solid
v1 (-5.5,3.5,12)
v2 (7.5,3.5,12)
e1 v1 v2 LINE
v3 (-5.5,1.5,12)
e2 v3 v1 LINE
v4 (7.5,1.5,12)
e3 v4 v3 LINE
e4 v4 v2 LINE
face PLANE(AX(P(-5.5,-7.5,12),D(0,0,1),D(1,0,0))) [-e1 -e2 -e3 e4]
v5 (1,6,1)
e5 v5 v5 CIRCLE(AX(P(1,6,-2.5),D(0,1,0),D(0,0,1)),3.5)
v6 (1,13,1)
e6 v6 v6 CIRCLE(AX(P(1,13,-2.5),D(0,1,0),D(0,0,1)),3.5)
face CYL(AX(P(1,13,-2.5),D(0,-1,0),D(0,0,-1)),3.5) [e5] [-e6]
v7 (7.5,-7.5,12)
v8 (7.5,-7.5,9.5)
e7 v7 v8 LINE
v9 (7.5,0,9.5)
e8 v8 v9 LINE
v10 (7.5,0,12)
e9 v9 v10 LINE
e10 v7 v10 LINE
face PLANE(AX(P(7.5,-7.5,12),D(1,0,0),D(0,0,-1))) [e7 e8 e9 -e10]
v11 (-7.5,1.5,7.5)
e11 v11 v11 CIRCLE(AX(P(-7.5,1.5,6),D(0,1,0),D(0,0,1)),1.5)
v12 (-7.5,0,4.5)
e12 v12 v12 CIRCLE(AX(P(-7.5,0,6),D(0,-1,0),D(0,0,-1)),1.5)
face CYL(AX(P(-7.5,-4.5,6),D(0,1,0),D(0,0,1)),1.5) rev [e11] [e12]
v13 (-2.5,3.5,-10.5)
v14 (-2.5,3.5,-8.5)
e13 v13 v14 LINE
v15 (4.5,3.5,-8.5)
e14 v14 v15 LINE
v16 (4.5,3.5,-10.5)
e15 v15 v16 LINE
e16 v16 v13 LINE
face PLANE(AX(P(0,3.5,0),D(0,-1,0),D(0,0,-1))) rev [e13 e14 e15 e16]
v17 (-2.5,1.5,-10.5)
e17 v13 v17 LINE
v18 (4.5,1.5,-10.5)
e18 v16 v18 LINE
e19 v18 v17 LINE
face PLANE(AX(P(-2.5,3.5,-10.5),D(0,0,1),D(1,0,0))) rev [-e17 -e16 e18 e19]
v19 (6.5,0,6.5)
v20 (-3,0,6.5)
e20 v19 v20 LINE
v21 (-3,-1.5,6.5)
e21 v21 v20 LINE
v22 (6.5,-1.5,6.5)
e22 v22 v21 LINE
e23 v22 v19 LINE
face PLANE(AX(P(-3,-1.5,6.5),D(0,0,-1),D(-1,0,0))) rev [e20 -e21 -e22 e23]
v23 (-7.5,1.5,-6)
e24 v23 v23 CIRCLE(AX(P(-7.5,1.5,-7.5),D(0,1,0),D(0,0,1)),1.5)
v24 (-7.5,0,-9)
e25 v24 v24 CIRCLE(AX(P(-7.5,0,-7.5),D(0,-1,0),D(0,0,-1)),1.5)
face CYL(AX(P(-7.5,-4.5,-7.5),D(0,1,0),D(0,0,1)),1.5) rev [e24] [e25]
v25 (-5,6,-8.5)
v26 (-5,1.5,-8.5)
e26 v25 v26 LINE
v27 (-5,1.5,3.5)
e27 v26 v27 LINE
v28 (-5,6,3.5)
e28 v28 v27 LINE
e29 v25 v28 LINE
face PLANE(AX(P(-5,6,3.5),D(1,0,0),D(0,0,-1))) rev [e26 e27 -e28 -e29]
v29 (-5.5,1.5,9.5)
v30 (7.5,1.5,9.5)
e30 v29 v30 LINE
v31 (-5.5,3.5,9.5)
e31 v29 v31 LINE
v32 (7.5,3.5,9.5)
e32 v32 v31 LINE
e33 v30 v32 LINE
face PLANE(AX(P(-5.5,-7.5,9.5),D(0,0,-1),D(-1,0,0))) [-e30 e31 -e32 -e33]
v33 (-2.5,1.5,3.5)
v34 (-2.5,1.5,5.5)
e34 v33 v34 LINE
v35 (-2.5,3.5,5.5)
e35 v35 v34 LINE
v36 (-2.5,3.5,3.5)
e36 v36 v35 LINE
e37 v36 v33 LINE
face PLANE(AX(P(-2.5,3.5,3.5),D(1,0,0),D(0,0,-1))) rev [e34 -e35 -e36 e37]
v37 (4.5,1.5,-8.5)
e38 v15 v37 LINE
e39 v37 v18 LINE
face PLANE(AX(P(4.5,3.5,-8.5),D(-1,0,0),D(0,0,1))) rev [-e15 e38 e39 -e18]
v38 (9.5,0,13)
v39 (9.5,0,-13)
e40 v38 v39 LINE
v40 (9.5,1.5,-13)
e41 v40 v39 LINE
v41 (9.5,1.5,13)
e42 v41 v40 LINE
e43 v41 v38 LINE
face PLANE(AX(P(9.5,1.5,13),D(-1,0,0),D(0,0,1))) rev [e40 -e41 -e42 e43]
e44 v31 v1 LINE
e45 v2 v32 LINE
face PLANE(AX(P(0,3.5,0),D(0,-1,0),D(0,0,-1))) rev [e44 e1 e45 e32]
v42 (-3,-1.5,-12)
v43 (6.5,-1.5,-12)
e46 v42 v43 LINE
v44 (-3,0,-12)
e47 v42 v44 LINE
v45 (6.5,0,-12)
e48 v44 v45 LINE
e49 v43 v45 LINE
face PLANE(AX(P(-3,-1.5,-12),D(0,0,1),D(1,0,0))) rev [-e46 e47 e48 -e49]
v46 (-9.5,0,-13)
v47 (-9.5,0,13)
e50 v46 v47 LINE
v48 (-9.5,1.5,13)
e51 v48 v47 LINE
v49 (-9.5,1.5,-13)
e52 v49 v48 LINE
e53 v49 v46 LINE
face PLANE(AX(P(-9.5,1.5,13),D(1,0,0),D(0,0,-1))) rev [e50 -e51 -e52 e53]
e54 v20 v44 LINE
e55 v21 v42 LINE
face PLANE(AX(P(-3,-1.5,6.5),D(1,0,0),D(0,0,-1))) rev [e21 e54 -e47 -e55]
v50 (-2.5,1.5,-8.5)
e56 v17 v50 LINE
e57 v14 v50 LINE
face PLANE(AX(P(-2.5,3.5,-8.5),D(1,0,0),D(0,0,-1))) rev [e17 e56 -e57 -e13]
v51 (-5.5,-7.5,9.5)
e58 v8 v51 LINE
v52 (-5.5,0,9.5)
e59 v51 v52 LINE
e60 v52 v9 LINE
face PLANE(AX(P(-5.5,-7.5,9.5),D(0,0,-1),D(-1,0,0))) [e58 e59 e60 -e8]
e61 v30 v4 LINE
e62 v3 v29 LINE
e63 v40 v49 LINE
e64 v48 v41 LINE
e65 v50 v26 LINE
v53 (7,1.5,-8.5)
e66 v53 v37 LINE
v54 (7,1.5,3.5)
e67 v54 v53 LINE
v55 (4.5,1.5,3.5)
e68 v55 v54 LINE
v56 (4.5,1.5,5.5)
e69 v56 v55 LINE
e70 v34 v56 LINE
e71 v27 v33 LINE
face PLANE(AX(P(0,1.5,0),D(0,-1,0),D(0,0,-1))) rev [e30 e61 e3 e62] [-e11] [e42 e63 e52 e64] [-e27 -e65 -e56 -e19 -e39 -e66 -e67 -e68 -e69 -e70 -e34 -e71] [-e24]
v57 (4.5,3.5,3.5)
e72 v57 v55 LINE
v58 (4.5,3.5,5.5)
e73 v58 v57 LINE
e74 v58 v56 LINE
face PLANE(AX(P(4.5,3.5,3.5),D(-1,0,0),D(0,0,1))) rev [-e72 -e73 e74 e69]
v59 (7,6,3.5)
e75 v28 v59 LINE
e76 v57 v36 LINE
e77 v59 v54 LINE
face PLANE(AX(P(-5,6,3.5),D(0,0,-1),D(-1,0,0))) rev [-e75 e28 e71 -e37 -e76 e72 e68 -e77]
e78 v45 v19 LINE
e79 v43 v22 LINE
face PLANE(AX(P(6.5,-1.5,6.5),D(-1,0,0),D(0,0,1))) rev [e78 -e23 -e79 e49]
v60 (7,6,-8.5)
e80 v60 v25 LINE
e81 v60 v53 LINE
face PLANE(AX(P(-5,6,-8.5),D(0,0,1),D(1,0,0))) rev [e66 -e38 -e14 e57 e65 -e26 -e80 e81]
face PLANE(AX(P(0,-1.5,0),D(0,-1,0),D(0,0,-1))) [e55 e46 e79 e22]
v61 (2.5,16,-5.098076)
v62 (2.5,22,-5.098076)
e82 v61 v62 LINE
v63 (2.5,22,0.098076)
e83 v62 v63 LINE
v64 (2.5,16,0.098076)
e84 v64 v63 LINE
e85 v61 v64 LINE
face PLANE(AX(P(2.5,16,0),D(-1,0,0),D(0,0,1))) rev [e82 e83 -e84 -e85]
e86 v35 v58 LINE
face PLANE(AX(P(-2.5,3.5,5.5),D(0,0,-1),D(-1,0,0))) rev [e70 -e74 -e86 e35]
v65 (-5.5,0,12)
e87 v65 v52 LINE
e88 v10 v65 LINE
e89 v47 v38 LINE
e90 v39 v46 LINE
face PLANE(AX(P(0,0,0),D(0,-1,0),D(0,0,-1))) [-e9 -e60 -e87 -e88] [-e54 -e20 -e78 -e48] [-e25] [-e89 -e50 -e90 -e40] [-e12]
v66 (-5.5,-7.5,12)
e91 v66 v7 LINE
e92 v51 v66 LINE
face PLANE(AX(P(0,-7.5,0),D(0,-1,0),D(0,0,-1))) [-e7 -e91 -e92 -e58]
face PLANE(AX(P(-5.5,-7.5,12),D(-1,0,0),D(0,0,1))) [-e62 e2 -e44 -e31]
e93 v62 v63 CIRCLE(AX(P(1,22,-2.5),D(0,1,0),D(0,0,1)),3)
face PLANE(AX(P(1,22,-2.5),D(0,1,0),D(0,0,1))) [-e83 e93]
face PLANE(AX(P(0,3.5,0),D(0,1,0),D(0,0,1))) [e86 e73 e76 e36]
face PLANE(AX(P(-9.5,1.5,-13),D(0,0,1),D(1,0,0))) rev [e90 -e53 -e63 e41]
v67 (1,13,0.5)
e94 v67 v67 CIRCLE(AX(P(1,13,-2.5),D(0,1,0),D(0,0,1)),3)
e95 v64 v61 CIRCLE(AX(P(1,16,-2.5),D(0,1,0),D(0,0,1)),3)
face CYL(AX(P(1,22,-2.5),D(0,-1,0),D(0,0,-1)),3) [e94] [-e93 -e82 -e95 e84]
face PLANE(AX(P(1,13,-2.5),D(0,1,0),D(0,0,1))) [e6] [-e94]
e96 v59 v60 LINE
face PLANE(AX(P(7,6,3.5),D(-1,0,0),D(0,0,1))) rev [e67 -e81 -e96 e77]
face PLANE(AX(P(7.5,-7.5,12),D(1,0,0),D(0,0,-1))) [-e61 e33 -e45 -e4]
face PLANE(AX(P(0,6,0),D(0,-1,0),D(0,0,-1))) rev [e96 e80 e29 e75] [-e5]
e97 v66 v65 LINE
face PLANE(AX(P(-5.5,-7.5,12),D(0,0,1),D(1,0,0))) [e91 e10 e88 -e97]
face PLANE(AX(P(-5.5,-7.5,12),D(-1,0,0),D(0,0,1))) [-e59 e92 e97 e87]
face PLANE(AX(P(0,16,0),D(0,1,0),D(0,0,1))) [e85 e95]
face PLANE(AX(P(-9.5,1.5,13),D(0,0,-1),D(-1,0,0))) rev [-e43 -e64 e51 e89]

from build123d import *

# Parameters (mm, degrees)
SCHIZZO1_W                        = 19
SCHIZZO1_H                        = 26
ESTRUSIONE_ESTRUSIONE1_DEPTH      = 1.5
SCHIZZO2_W                        = 12
SCHIZZO2_H                        = 12
ESTRUSIONE_ESTRUSIONE2_DEPTH      = 4.5
SCHIZZO4_R                        = 3.5
ESTRUSIONE_ESTRUSIONE3_DEPTH      = 7
SCHIZZO5_R                        = 3
ESTRUSIONE_ESTRUSIONE4_DEPTH      = 9
TAGLIO_ESTRUSIONE1_DEPTH          = 6
SCHIZZO7_R                        = 1.5
TAGLIO_ESTRUSIONE2_DEPTH          = 6
ESTRUSIONE_ESTRUSIONE5_DEPTH      = 2
ESTRUSIONE_ESTRUSIONE5_DEPTH_BACK = 9
SCHIZZO8_W                        = 13
SCHIZZO8_H                        = 2.5
SCHIZZO9_W                        = 9.5
SCHIZZO9_H                        = 18.5
ESTRUSIONE_ESTRUSIONE6_DEPTH      = 1.5
SCHIZZO10_W                       = 7
SCHIZZO10_H                       = 2
ESTRUSIONE_ESTRUSIONE7_DEPTH      = 2


with BuildPart() as part:
    # Schizzo1 → Estrusione-Estrusione1 (new body)
    with BuildSketch(Plane(origin=(0, 0, 0), x_dir=(1, 0, 0), z_dir=(0, 1, 0))):
        Rectangle(SCHIZZO1_W, SCHIZZO1_H)
    extrude(amount=ESTRUSIONE_ESTRUSIONE1_DEPTH)

    # Schizzo2 → Estrusione-Estrusione2 (add)
    with BuildSketch(Plane(origin=(0, 1.5, 0), x_dir=(1, 0, 0), z_dir=(0, 1, 0))):
        with Locations((1, 2.5)):
            Rectangle(SCHIZZO2_W, SCHIZZO2_H)
    extrude(amount=ESTRUSIONE_ESTRUSIONE2_DEPTH)

    # Schizzo4 → Estrusione-Estrusione3 (add)
    with BuildSketch(Plane(origin=(0, 6, 0), x_dir=(1, 0, 0), z_dir=(0, 1, 0))):
        with Locations(Location((1, 2.5, 0), (0, 0, 270))):
            Circle(SCHIZZO4_R)
    extrude(amount=ESTRUSIONE_ESTRUSIONE3_DEPTH)

    # Schizzo5 → Estrusione-Estrusione4 (add)
    with BuildSketch(Plane(origin=(0, 13, 0), x_dir=(1, 0, 0), z_dir=(0, 1, 0))):
        with Locations(Location((1, 2.5, 0), (0, 0, 270))):
            Circle(SCHIZZO5_R)
    extrude(amount=ESTRUSIONE_ESTRUSIONE4_DEPTH)

    # Schizzo6 → Taglio-Estrusione1 (cut)
    with BuildSketch(Plane(origin=(0, 22, 0), x_dir=(1, 0, 0), z_dir=(0, 1, 0))):
        Polygon((2.5, 58.528036495), (2.5, 5.098076211), (2.5, -0.098076211), (2.5, -53.528036495), (109.359920567, -53.528036495), (109.359920567, 58.528036495), align=None)
    extrude(amount=-TAGLIO_ESTRUSIONE1_DEPTH, mode=Mode.SUBTRACT)

    # Schizzo7 → Taglio-Estrusione2 (cut)
    with BuildSketch(Plane(origin=(0, 1.5, 0), x_dir=(1, 0, 0), z_dir=(0, 1, 0))):
        with Locations(Location((-7.5, 7.5, 0), (0, 0, 270))):
            Circle(SCHIZZO7_R)
        with Locations(Location((-7.5, -6, 0), (0, 0, 270))):
            Circle(SCHIZZO7_R)
    extrude(amount=-TAGLIO_ESTRUSIONE2_DEPTH, mode=Mode.SUBTRACT)

    # Schizzo8 → Estrusione-Estrusione5 (add, two sides: drawn at the far end of the back side and taken through both)
    with BuildSketch(Plane(origin=(0, 1.5, 0), x_dir=(1, 0, 0), z_dir=(0, 1, 0)).offset(-ESTRUSIONE_ESTRUSIONE5_DEPTH_BACK)):
        with Locations((1, -10.75)):
            Rectangle(SCHIZZO8_W, SCHIZZO8_H)
    extrude(amount=ESTRUSIONE_ESTRUSIONE5_DEPTH + ESTRUSIONE_ESTRUSIONE5_DEPTH_BACK)

    # Schizzo9 → Estrusione-Estrusione6 (add)
    with BuildSketch(Plane.XZ):
        with Locations((1.75, -2.75)):
            Rectangle(SCHIZZO9_W, SCHIZZO9_H)
    extrude(amount=ESTRUSIONE_ESTRUSIONE6_DEPTH)

    # Schizzo10 → Estrusione-Estrusione7 (add)
    with BuildSketch(Plane(origin=(0, 1.5, 0), x_dir=(1, 0, 0), z_dir=(0, 1, 0))):
        with Locations((1, 9.5)):
            Rectangle(SCHIZZO10_W, SCHIZZO10_H)
        with Locations((1, -4.5)):
            Rectangle(SCHIZZO10_W, SCHIZZO10_H)
    extrude(amount=ESTRUSIONE_ESTRUSIONE7_DEPTH)


solid = part.part
